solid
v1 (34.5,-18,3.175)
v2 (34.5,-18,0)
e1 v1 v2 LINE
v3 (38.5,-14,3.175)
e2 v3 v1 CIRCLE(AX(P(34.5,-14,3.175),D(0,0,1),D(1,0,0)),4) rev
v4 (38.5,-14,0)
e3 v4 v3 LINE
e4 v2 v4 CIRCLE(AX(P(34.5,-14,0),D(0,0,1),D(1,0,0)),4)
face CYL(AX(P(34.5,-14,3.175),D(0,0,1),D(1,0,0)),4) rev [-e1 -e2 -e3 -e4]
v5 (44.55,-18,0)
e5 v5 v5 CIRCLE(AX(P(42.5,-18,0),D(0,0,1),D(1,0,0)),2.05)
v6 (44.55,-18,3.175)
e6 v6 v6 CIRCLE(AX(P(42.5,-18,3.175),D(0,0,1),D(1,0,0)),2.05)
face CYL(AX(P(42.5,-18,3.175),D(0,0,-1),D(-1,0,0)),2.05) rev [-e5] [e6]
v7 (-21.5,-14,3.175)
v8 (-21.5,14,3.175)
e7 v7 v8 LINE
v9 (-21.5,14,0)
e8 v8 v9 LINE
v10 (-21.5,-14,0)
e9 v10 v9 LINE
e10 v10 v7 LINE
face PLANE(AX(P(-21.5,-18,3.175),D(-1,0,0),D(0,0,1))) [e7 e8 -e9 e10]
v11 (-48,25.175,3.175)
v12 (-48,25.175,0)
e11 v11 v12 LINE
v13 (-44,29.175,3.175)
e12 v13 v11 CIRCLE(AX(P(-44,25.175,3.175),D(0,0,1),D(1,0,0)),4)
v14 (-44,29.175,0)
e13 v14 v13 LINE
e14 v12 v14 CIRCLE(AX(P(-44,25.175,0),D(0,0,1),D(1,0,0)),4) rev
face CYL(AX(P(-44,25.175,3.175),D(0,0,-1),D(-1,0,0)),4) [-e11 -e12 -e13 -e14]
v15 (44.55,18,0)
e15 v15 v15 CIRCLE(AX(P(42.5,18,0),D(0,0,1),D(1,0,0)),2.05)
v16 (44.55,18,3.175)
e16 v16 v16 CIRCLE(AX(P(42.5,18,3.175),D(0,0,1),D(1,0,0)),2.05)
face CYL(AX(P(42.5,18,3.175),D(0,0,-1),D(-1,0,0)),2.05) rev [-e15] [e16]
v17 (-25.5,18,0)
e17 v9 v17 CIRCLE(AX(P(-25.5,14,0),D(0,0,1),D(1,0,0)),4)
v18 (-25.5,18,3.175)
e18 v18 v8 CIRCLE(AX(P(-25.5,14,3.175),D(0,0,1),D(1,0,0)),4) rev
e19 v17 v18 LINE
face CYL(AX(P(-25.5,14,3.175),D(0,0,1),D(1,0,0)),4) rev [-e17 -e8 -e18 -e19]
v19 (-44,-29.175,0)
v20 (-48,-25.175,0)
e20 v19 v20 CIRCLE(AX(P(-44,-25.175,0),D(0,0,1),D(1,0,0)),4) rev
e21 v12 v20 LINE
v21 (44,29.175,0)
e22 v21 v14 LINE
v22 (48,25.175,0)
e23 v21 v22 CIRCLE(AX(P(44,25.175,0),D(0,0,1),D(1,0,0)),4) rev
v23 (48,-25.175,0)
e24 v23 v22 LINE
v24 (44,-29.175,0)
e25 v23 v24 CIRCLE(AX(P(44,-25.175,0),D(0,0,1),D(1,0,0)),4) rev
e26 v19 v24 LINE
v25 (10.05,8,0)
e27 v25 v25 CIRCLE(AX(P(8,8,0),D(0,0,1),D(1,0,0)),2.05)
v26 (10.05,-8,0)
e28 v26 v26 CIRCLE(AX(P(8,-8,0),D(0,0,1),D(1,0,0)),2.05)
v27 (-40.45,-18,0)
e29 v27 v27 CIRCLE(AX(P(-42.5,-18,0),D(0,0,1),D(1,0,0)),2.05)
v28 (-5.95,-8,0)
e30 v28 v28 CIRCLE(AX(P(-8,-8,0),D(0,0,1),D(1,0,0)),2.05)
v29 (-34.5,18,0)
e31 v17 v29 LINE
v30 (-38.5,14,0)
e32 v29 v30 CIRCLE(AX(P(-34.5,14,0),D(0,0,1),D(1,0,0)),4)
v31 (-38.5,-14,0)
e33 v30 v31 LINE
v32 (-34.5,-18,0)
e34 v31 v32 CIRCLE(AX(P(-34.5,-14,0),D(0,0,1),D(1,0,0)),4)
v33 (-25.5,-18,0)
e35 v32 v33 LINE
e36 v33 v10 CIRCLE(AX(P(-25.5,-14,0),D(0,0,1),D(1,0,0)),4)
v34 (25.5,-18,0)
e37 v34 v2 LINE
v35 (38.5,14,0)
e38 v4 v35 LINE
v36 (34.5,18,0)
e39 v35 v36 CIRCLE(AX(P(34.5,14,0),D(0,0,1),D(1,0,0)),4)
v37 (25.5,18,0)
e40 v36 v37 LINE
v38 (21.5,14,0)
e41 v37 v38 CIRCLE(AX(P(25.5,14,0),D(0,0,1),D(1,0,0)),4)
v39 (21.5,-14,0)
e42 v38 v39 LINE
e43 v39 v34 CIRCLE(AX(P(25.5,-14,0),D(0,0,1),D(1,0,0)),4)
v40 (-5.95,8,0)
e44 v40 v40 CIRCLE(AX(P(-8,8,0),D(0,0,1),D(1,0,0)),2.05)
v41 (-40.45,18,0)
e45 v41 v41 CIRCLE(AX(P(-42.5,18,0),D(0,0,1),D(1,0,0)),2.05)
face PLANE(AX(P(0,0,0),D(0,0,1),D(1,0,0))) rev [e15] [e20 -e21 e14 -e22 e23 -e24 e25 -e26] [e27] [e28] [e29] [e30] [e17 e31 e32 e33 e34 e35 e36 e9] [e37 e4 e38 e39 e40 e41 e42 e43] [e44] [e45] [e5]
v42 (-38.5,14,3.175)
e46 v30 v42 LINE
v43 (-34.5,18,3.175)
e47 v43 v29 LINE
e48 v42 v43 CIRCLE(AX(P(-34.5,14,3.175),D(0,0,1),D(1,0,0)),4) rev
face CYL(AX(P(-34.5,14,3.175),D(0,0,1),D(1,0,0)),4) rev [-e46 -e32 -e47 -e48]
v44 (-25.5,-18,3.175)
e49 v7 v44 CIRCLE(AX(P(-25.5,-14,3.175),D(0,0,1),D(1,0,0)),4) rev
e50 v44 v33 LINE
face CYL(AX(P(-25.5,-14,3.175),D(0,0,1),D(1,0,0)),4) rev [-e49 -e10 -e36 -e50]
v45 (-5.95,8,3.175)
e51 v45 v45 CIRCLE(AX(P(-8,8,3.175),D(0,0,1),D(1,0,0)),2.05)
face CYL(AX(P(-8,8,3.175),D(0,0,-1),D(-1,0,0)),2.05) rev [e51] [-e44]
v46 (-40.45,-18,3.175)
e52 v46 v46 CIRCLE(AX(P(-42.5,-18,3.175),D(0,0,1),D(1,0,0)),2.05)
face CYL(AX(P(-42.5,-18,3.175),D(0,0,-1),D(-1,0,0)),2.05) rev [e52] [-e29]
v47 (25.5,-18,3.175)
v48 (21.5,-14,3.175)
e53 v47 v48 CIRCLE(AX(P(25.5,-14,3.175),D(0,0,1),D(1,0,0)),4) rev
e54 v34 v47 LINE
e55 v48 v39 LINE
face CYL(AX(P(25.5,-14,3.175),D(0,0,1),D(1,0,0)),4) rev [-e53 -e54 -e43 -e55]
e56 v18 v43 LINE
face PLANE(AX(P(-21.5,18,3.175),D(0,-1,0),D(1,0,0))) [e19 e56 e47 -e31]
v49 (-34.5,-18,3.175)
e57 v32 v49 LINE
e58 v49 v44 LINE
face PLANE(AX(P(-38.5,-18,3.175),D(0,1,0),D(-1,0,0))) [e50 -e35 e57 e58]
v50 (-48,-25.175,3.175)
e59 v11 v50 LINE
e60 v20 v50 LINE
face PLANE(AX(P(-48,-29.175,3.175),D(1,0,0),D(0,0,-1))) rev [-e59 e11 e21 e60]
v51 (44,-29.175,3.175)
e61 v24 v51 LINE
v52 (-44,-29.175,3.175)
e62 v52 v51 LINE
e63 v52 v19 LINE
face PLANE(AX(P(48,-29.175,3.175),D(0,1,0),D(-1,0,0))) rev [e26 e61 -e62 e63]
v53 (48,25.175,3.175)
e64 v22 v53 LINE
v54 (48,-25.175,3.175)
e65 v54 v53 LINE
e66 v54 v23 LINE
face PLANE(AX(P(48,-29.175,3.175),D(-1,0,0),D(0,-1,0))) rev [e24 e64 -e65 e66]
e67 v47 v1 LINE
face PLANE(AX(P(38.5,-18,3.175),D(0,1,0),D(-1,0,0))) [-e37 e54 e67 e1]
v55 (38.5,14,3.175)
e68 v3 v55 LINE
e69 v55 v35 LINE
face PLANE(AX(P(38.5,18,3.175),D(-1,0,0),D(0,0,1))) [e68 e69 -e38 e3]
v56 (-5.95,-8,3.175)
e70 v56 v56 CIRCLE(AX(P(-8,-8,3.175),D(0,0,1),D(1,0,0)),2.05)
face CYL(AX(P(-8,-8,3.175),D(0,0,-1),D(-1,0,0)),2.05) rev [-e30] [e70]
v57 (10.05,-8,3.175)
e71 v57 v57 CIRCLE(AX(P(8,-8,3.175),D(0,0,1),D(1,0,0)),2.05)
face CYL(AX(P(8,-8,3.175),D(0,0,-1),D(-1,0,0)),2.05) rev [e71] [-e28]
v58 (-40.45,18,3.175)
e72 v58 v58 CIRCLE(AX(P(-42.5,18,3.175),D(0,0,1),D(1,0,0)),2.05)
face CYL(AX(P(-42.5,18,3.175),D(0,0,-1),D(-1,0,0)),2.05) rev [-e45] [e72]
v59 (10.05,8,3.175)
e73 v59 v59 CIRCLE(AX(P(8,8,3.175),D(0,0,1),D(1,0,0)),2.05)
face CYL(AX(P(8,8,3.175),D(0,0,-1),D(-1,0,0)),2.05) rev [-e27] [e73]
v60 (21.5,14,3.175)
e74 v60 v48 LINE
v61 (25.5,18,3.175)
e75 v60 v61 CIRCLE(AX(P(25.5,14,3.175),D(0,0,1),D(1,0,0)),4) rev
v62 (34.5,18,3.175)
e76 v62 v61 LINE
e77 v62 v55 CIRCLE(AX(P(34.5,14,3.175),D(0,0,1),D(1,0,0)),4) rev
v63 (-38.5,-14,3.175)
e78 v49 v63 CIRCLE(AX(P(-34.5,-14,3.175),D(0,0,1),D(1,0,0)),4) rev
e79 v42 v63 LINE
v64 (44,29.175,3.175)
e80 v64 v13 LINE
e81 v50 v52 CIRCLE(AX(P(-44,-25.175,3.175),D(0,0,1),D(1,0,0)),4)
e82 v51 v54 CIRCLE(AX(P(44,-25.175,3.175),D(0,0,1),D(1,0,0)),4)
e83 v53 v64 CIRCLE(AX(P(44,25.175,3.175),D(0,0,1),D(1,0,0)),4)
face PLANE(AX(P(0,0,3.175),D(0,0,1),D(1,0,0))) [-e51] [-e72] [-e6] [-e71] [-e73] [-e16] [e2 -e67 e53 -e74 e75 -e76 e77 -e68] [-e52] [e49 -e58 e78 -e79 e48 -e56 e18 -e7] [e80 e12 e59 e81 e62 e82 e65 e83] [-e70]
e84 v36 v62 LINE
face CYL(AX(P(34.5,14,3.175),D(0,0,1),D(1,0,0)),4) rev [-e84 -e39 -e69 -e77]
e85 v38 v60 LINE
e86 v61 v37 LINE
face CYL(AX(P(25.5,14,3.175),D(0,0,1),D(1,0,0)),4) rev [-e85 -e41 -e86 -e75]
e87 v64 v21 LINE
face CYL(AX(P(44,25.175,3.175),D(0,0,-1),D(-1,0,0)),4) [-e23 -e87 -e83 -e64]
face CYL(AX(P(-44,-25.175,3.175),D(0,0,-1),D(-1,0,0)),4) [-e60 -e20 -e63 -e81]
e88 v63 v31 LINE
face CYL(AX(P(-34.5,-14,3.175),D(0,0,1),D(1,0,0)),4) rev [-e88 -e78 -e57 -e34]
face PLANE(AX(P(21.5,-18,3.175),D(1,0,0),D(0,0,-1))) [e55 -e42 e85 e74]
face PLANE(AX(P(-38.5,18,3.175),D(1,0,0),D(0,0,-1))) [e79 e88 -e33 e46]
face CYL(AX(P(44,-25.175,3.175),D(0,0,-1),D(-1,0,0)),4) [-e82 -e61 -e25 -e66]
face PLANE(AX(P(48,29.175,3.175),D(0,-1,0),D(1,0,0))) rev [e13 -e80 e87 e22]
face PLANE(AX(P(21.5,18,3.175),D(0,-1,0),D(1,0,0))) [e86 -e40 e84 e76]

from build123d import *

# Parameters (mm, degrees)
SKETCH1_W           = 96
SKETCH1_H           = 58.35
SKETCH1_R           = 2.05
SKETCH1_W_2         = 17
SKETCH1_H_2         = 36
BOSS_EXTRUDE1_DEPTH = 3.175
FILLET1_R           = 4


with BuildPart() as part:
    # Sketch1 → Boss-Extrude1 (new body)
    with BuildSketch(Plane.XY):
        Rectangle(SKETCH1_W, SKETCH1_H)
        with Locations((-42.5, 18)):
            Circle(SKETCH1_R, mode=Mode.SUBTRACT)
        with Locations((-42.5, -18)):
            Circle(SKETCH1_R, mode=Mode.SUBTRACT)
        with Locations((42.5, 18)):
            Circle(SKETCH1_R, mode=Mode.SUBTRACT)
        with Locations((42.5, -18)):
            Circle(SKETCH1_R, mode=Mode.SUBTRACT)
        with Locations((8, -8)):
            Circle(SKETCH1_R, mode=Mode.SUBTRACT)
        with Locations((-8, -8)):
            Circle(SKETCH1_R, mode=Mode.SUBTRACT)
        with Locations((-8, 8)):
            Circle(SKETCH1_R, mode=Mode.SUBTRACT)
        with Locations((8, 8)):
            Circle(SKETCH1_R, mode=Mode.SUBTRACT)
        with Locations((-30, 0)):
            Rectangle(SKETCH1_W_2, SKETCH1_H_2, mode=Mode.SUBTRACT)
        with Locations((30, 0)):
            Rectangle(SKETCH1_W_2, SKETCH1_H_2, mode=Mode.SUBTRACT)
    extrude(amount=BOSS_EXTRUDE1_DEPTH)

    # Fillet1
    fillet1_edges = [part.edges().sort_by_distance(p)[0] for p in [
        (-21.5, 18, 1.5875),
        (-38.5, 18, 1.5875),
        (-38.5, -18, 1.5875),
        (-21.5, -18, 1.5875),
        (21.5, -18, 1.5875),
        (38.5, -18, 1.5875),
        (38.5, 18, 1.5875),
        (21.5, 18, 1.5875),
        (-48, 29.175, 1.5875),
        (48, 29.175, 1.5875),
        (48, -29.175, 1.5875),
        (-48, -29.175, 1.5875),
    ]]
    fillet(fillet1_edges, radius=FILLET1_R)


solid = part.part
